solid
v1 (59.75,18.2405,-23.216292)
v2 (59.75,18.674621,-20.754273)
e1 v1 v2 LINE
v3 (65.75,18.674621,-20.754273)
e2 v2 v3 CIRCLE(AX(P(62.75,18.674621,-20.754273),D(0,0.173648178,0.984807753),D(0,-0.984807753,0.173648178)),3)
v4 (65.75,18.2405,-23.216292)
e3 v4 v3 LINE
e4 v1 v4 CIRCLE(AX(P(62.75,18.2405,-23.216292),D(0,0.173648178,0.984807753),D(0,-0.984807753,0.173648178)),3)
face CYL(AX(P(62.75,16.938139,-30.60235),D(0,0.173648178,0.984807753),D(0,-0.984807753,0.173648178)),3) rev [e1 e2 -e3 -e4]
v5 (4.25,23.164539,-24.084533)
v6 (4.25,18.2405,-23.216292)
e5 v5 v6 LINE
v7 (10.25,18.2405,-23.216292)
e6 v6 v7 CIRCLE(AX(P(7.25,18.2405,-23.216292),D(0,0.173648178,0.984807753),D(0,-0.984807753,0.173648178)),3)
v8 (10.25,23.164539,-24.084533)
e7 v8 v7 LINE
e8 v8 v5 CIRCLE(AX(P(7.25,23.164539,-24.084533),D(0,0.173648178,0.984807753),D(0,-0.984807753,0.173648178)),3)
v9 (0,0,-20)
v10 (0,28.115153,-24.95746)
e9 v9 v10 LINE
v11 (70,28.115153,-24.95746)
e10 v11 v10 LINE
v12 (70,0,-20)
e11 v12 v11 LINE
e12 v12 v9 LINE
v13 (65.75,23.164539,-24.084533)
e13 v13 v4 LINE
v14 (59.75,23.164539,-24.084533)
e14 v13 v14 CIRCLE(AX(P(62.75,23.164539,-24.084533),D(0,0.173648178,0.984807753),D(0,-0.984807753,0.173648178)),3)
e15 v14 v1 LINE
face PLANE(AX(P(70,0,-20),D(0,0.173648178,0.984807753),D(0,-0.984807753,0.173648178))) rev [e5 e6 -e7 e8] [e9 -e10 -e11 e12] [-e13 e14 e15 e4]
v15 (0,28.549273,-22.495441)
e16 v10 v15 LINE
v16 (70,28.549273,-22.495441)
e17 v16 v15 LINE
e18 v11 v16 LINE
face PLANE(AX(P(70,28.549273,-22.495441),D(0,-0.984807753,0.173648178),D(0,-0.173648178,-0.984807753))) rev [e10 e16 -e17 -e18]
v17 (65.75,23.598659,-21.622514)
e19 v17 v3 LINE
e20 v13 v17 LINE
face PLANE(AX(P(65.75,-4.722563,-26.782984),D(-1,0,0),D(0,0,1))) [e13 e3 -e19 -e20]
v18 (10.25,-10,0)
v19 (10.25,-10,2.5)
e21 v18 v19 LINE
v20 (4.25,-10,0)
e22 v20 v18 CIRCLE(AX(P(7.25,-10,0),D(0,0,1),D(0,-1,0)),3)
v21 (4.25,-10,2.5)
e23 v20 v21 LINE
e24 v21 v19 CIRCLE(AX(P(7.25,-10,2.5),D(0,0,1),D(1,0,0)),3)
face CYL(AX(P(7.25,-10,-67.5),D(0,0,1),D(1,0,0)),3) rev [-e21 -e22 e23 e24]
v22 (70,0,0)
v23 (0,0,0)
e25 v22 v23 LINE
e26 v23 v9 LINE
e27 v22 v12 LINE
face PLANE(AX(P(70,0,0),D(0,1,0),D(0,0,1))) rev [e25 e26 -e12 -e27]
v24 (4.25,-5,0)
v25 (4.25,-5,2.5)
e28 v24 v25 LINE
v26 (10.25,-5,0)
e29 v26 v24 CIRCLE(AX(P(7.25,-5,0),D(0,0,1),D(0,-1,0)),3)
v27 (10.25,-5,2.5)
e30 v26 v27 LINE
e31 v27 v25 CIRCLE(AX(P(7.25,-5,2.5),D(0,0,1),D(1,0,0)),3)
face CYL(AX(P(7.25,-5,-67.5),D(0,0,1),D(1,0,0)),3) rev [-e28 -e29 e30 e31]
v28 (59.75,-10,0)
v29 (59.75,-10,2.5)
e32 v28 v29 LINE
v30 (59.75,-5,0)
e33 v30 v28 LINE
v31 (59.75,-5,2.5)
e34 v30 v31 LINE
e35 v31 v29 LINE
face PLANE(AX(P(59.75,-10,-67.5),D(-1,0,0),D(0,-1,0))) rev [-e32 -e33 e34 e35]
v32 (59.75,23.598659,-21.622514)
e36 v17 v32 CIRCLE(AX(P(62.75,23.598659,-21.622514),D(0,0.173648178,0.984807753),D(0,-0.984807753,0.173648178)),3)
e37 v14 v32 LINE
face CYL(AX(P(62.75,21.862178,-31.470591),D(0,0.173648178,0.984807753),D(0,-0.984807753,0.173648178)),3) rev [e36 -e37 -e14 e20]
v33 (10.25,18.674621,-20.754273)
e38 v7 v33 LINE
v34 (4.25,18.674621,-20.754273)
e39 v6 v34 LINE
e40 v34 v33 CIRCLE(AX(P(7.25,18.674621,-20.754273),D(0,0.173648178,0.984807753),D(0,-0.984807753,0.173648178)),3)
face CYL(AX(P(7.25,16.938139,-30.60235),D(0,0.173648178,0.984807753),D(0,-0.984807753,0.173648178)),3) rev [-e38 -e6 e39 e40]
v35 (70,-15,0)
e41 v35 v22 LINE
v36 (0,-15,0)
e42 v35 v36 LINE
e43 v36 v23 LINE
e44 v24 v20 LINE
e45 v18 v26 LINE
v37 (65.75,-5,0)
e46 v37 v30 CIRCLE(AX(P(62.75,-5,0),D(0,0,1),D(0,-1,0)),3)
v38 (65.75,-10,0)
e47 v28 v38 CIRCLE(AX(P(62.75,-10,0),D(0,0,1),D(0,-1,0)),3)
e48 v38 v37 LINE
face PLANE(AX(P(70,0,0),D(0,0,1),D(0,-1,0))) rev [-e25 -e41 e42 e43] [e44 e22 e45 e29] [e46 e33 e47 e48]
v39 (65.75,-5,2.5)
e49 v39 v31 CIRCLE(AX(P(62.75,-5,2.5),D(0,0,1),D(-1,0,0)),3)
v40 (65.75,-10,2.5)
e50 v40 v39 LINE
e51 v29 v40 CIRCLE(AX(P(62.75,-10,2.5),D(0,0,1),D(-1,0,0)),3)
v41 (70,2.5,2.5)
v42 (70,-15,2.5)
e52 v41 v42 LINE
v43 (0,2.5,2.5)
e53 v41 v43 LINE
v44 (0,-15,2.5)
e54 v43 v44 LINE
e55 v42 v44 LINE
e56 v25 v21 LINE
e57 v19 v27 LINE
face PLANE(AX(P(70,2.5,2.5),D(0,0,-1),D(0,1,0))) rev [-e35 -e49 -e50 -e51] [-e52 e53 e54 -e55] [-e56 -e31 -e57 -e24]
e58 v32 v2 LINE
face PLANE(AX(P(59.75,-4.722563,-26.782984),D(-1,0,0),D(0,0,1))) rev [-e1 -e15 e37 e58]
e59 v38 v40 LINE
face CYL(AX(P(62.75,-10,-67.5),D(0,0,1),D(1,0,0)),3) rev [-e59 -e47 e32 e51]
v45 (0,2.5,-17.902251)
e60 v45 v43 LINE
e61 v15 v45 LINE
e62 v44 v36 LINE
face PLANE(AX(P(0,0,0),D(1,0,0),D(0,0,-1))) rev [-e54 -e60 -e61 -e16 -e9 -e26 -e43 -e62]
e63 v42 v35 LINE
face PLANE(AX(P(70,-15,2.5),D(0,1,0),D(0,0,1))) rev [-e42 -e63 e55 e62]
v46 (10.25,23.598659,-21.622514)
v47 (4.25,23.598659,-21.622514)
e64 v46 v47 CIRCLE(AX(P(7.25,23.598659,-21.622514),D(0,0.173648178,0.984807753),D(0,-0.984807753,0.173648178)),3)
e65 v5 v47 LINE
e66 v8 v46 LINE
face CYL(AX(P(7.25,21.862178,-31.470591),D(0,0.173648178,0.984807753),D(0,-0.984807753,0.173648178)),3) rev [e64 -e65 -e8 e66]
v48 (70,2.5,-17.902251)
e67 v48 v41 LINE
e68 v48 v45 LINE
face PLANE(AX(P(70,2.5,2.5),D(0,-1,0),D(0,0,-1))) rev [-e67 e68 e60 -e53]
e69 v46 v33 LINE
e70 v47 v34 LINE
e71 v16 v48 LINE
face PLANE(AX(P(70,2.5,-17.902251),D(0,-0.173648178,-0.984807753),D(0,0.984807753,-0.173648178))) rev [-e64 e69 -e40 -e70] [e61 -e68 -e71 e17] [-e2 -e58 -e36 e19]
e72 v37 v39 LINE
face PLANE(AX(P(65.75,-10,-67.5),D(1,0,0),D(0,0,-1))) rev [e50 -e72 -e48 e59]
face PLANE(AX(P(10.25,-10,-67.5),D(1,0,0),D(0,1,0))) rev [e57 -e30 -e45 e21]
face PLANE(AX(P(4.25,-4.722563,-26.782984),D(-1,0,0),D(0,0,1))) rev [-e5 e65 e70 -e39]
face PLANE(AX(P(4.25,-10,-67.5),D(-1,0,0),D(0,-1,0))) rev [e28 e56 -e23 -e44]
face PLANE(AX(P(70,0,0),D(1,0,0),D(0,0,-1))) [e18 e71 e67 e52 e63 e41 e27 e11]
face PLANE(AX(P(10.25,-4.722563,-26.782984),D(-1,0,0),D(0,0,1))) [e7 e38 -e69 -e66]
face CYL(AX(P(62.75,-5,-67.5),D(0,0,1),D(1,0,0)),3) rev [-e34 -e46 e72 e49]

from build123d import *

# Parameters (mm, degrees)
EXTRUDE_1_DEPTH     = 70
CUT_EXTRUDE_1_DEPTH = 70
CUT_EXTRUDE_2_DEPTH = 10


with BuildPart() as part:
    # 草图1 → 凸台-拉伸1 (new body)
    with BuildSketch(Plane(origin=(0, 0, 0), x_dir=(0, 0, -1), z_dir=(1, 0, 0))):
        Polygon((0, 0), (20, 0), (24.957460038, 28.115152986), (22.495440656, 28.54927343), (17.902250922, 2.5), (-2.5, 2.5), (-2.5, -15), (0, -15), align=None)
    extrude(amount=EXTRUDE_1_DEPTH)

    # 草图2 → 切除-拉伸1 (cut)
    with BuildSketch(Plane.XY.offset(2.5)):
        with BuildLine():
            Line((4.25, -10), (4.25, -5))
            ThreePointArc((4.25, -5), (7.25, -2), (10.25, -5))
            Line((10.25, -5), (10.25, -10))
            ThreePointArc((10.25, -10), (7.25, -13), (4.25, -10))
        make_face()
        with BuildLine():
            Line((65.75, -10), (65.75, -5))
            ThreePointArc((65.75, -5), (62.75, -2), (59.75, -5))
            Line((59.75, -5), (59.75, -10))
            ThreePointArc((59.75, -10), (62.75, -13), (65.75, -10))
        make_face()
    extrude(amount=-CUT_EXTRUDE_1_DEPTH, mode=Mode.SUBTRACT)

    # 草图3 → 切除-拉伸2 (cut)
    with BuildSketch(Plane(origin=(0, -2.986080989, -16.934906825), x_dir=(1, 0, 0), z_dir=(0, 0.17364817766693397, 0.9848077530122076))):
        with BuildLine():
            Line((4.25, 26.994852841), (4.25, 21.994852841))
            ThreePointArc((4.25, 21.994852841), (7.25, 18.994852841), (10.25, 21.994852841))
            Line((10.25, 21.994852841), (10.25, 26.994852841))
            ThreePointArc((10.25, 26.994852841), (7.25, 29.994852841), (4.25, 26.994852841))
        make_face()
        with BuildLine():
            Line((59.75, 26.994852841), (59.75, 21.994852841))
            ThreePointArc((59.75, 21.994852841), (62.75, 18.994852841), (65.75, 21.994852841))
            Line((65.75, 21.994852841), (65.75, 26.994852841))
            ThreePointArc((65.75, 26.994852841), (62.75, 29.994852841), (59.75, 26.994852841))
        make_face()
    extrude(amount=-CUT_EXTRUDE_2_DEPTH, mode=Mode.SUBTRACT)


solid = part.part
